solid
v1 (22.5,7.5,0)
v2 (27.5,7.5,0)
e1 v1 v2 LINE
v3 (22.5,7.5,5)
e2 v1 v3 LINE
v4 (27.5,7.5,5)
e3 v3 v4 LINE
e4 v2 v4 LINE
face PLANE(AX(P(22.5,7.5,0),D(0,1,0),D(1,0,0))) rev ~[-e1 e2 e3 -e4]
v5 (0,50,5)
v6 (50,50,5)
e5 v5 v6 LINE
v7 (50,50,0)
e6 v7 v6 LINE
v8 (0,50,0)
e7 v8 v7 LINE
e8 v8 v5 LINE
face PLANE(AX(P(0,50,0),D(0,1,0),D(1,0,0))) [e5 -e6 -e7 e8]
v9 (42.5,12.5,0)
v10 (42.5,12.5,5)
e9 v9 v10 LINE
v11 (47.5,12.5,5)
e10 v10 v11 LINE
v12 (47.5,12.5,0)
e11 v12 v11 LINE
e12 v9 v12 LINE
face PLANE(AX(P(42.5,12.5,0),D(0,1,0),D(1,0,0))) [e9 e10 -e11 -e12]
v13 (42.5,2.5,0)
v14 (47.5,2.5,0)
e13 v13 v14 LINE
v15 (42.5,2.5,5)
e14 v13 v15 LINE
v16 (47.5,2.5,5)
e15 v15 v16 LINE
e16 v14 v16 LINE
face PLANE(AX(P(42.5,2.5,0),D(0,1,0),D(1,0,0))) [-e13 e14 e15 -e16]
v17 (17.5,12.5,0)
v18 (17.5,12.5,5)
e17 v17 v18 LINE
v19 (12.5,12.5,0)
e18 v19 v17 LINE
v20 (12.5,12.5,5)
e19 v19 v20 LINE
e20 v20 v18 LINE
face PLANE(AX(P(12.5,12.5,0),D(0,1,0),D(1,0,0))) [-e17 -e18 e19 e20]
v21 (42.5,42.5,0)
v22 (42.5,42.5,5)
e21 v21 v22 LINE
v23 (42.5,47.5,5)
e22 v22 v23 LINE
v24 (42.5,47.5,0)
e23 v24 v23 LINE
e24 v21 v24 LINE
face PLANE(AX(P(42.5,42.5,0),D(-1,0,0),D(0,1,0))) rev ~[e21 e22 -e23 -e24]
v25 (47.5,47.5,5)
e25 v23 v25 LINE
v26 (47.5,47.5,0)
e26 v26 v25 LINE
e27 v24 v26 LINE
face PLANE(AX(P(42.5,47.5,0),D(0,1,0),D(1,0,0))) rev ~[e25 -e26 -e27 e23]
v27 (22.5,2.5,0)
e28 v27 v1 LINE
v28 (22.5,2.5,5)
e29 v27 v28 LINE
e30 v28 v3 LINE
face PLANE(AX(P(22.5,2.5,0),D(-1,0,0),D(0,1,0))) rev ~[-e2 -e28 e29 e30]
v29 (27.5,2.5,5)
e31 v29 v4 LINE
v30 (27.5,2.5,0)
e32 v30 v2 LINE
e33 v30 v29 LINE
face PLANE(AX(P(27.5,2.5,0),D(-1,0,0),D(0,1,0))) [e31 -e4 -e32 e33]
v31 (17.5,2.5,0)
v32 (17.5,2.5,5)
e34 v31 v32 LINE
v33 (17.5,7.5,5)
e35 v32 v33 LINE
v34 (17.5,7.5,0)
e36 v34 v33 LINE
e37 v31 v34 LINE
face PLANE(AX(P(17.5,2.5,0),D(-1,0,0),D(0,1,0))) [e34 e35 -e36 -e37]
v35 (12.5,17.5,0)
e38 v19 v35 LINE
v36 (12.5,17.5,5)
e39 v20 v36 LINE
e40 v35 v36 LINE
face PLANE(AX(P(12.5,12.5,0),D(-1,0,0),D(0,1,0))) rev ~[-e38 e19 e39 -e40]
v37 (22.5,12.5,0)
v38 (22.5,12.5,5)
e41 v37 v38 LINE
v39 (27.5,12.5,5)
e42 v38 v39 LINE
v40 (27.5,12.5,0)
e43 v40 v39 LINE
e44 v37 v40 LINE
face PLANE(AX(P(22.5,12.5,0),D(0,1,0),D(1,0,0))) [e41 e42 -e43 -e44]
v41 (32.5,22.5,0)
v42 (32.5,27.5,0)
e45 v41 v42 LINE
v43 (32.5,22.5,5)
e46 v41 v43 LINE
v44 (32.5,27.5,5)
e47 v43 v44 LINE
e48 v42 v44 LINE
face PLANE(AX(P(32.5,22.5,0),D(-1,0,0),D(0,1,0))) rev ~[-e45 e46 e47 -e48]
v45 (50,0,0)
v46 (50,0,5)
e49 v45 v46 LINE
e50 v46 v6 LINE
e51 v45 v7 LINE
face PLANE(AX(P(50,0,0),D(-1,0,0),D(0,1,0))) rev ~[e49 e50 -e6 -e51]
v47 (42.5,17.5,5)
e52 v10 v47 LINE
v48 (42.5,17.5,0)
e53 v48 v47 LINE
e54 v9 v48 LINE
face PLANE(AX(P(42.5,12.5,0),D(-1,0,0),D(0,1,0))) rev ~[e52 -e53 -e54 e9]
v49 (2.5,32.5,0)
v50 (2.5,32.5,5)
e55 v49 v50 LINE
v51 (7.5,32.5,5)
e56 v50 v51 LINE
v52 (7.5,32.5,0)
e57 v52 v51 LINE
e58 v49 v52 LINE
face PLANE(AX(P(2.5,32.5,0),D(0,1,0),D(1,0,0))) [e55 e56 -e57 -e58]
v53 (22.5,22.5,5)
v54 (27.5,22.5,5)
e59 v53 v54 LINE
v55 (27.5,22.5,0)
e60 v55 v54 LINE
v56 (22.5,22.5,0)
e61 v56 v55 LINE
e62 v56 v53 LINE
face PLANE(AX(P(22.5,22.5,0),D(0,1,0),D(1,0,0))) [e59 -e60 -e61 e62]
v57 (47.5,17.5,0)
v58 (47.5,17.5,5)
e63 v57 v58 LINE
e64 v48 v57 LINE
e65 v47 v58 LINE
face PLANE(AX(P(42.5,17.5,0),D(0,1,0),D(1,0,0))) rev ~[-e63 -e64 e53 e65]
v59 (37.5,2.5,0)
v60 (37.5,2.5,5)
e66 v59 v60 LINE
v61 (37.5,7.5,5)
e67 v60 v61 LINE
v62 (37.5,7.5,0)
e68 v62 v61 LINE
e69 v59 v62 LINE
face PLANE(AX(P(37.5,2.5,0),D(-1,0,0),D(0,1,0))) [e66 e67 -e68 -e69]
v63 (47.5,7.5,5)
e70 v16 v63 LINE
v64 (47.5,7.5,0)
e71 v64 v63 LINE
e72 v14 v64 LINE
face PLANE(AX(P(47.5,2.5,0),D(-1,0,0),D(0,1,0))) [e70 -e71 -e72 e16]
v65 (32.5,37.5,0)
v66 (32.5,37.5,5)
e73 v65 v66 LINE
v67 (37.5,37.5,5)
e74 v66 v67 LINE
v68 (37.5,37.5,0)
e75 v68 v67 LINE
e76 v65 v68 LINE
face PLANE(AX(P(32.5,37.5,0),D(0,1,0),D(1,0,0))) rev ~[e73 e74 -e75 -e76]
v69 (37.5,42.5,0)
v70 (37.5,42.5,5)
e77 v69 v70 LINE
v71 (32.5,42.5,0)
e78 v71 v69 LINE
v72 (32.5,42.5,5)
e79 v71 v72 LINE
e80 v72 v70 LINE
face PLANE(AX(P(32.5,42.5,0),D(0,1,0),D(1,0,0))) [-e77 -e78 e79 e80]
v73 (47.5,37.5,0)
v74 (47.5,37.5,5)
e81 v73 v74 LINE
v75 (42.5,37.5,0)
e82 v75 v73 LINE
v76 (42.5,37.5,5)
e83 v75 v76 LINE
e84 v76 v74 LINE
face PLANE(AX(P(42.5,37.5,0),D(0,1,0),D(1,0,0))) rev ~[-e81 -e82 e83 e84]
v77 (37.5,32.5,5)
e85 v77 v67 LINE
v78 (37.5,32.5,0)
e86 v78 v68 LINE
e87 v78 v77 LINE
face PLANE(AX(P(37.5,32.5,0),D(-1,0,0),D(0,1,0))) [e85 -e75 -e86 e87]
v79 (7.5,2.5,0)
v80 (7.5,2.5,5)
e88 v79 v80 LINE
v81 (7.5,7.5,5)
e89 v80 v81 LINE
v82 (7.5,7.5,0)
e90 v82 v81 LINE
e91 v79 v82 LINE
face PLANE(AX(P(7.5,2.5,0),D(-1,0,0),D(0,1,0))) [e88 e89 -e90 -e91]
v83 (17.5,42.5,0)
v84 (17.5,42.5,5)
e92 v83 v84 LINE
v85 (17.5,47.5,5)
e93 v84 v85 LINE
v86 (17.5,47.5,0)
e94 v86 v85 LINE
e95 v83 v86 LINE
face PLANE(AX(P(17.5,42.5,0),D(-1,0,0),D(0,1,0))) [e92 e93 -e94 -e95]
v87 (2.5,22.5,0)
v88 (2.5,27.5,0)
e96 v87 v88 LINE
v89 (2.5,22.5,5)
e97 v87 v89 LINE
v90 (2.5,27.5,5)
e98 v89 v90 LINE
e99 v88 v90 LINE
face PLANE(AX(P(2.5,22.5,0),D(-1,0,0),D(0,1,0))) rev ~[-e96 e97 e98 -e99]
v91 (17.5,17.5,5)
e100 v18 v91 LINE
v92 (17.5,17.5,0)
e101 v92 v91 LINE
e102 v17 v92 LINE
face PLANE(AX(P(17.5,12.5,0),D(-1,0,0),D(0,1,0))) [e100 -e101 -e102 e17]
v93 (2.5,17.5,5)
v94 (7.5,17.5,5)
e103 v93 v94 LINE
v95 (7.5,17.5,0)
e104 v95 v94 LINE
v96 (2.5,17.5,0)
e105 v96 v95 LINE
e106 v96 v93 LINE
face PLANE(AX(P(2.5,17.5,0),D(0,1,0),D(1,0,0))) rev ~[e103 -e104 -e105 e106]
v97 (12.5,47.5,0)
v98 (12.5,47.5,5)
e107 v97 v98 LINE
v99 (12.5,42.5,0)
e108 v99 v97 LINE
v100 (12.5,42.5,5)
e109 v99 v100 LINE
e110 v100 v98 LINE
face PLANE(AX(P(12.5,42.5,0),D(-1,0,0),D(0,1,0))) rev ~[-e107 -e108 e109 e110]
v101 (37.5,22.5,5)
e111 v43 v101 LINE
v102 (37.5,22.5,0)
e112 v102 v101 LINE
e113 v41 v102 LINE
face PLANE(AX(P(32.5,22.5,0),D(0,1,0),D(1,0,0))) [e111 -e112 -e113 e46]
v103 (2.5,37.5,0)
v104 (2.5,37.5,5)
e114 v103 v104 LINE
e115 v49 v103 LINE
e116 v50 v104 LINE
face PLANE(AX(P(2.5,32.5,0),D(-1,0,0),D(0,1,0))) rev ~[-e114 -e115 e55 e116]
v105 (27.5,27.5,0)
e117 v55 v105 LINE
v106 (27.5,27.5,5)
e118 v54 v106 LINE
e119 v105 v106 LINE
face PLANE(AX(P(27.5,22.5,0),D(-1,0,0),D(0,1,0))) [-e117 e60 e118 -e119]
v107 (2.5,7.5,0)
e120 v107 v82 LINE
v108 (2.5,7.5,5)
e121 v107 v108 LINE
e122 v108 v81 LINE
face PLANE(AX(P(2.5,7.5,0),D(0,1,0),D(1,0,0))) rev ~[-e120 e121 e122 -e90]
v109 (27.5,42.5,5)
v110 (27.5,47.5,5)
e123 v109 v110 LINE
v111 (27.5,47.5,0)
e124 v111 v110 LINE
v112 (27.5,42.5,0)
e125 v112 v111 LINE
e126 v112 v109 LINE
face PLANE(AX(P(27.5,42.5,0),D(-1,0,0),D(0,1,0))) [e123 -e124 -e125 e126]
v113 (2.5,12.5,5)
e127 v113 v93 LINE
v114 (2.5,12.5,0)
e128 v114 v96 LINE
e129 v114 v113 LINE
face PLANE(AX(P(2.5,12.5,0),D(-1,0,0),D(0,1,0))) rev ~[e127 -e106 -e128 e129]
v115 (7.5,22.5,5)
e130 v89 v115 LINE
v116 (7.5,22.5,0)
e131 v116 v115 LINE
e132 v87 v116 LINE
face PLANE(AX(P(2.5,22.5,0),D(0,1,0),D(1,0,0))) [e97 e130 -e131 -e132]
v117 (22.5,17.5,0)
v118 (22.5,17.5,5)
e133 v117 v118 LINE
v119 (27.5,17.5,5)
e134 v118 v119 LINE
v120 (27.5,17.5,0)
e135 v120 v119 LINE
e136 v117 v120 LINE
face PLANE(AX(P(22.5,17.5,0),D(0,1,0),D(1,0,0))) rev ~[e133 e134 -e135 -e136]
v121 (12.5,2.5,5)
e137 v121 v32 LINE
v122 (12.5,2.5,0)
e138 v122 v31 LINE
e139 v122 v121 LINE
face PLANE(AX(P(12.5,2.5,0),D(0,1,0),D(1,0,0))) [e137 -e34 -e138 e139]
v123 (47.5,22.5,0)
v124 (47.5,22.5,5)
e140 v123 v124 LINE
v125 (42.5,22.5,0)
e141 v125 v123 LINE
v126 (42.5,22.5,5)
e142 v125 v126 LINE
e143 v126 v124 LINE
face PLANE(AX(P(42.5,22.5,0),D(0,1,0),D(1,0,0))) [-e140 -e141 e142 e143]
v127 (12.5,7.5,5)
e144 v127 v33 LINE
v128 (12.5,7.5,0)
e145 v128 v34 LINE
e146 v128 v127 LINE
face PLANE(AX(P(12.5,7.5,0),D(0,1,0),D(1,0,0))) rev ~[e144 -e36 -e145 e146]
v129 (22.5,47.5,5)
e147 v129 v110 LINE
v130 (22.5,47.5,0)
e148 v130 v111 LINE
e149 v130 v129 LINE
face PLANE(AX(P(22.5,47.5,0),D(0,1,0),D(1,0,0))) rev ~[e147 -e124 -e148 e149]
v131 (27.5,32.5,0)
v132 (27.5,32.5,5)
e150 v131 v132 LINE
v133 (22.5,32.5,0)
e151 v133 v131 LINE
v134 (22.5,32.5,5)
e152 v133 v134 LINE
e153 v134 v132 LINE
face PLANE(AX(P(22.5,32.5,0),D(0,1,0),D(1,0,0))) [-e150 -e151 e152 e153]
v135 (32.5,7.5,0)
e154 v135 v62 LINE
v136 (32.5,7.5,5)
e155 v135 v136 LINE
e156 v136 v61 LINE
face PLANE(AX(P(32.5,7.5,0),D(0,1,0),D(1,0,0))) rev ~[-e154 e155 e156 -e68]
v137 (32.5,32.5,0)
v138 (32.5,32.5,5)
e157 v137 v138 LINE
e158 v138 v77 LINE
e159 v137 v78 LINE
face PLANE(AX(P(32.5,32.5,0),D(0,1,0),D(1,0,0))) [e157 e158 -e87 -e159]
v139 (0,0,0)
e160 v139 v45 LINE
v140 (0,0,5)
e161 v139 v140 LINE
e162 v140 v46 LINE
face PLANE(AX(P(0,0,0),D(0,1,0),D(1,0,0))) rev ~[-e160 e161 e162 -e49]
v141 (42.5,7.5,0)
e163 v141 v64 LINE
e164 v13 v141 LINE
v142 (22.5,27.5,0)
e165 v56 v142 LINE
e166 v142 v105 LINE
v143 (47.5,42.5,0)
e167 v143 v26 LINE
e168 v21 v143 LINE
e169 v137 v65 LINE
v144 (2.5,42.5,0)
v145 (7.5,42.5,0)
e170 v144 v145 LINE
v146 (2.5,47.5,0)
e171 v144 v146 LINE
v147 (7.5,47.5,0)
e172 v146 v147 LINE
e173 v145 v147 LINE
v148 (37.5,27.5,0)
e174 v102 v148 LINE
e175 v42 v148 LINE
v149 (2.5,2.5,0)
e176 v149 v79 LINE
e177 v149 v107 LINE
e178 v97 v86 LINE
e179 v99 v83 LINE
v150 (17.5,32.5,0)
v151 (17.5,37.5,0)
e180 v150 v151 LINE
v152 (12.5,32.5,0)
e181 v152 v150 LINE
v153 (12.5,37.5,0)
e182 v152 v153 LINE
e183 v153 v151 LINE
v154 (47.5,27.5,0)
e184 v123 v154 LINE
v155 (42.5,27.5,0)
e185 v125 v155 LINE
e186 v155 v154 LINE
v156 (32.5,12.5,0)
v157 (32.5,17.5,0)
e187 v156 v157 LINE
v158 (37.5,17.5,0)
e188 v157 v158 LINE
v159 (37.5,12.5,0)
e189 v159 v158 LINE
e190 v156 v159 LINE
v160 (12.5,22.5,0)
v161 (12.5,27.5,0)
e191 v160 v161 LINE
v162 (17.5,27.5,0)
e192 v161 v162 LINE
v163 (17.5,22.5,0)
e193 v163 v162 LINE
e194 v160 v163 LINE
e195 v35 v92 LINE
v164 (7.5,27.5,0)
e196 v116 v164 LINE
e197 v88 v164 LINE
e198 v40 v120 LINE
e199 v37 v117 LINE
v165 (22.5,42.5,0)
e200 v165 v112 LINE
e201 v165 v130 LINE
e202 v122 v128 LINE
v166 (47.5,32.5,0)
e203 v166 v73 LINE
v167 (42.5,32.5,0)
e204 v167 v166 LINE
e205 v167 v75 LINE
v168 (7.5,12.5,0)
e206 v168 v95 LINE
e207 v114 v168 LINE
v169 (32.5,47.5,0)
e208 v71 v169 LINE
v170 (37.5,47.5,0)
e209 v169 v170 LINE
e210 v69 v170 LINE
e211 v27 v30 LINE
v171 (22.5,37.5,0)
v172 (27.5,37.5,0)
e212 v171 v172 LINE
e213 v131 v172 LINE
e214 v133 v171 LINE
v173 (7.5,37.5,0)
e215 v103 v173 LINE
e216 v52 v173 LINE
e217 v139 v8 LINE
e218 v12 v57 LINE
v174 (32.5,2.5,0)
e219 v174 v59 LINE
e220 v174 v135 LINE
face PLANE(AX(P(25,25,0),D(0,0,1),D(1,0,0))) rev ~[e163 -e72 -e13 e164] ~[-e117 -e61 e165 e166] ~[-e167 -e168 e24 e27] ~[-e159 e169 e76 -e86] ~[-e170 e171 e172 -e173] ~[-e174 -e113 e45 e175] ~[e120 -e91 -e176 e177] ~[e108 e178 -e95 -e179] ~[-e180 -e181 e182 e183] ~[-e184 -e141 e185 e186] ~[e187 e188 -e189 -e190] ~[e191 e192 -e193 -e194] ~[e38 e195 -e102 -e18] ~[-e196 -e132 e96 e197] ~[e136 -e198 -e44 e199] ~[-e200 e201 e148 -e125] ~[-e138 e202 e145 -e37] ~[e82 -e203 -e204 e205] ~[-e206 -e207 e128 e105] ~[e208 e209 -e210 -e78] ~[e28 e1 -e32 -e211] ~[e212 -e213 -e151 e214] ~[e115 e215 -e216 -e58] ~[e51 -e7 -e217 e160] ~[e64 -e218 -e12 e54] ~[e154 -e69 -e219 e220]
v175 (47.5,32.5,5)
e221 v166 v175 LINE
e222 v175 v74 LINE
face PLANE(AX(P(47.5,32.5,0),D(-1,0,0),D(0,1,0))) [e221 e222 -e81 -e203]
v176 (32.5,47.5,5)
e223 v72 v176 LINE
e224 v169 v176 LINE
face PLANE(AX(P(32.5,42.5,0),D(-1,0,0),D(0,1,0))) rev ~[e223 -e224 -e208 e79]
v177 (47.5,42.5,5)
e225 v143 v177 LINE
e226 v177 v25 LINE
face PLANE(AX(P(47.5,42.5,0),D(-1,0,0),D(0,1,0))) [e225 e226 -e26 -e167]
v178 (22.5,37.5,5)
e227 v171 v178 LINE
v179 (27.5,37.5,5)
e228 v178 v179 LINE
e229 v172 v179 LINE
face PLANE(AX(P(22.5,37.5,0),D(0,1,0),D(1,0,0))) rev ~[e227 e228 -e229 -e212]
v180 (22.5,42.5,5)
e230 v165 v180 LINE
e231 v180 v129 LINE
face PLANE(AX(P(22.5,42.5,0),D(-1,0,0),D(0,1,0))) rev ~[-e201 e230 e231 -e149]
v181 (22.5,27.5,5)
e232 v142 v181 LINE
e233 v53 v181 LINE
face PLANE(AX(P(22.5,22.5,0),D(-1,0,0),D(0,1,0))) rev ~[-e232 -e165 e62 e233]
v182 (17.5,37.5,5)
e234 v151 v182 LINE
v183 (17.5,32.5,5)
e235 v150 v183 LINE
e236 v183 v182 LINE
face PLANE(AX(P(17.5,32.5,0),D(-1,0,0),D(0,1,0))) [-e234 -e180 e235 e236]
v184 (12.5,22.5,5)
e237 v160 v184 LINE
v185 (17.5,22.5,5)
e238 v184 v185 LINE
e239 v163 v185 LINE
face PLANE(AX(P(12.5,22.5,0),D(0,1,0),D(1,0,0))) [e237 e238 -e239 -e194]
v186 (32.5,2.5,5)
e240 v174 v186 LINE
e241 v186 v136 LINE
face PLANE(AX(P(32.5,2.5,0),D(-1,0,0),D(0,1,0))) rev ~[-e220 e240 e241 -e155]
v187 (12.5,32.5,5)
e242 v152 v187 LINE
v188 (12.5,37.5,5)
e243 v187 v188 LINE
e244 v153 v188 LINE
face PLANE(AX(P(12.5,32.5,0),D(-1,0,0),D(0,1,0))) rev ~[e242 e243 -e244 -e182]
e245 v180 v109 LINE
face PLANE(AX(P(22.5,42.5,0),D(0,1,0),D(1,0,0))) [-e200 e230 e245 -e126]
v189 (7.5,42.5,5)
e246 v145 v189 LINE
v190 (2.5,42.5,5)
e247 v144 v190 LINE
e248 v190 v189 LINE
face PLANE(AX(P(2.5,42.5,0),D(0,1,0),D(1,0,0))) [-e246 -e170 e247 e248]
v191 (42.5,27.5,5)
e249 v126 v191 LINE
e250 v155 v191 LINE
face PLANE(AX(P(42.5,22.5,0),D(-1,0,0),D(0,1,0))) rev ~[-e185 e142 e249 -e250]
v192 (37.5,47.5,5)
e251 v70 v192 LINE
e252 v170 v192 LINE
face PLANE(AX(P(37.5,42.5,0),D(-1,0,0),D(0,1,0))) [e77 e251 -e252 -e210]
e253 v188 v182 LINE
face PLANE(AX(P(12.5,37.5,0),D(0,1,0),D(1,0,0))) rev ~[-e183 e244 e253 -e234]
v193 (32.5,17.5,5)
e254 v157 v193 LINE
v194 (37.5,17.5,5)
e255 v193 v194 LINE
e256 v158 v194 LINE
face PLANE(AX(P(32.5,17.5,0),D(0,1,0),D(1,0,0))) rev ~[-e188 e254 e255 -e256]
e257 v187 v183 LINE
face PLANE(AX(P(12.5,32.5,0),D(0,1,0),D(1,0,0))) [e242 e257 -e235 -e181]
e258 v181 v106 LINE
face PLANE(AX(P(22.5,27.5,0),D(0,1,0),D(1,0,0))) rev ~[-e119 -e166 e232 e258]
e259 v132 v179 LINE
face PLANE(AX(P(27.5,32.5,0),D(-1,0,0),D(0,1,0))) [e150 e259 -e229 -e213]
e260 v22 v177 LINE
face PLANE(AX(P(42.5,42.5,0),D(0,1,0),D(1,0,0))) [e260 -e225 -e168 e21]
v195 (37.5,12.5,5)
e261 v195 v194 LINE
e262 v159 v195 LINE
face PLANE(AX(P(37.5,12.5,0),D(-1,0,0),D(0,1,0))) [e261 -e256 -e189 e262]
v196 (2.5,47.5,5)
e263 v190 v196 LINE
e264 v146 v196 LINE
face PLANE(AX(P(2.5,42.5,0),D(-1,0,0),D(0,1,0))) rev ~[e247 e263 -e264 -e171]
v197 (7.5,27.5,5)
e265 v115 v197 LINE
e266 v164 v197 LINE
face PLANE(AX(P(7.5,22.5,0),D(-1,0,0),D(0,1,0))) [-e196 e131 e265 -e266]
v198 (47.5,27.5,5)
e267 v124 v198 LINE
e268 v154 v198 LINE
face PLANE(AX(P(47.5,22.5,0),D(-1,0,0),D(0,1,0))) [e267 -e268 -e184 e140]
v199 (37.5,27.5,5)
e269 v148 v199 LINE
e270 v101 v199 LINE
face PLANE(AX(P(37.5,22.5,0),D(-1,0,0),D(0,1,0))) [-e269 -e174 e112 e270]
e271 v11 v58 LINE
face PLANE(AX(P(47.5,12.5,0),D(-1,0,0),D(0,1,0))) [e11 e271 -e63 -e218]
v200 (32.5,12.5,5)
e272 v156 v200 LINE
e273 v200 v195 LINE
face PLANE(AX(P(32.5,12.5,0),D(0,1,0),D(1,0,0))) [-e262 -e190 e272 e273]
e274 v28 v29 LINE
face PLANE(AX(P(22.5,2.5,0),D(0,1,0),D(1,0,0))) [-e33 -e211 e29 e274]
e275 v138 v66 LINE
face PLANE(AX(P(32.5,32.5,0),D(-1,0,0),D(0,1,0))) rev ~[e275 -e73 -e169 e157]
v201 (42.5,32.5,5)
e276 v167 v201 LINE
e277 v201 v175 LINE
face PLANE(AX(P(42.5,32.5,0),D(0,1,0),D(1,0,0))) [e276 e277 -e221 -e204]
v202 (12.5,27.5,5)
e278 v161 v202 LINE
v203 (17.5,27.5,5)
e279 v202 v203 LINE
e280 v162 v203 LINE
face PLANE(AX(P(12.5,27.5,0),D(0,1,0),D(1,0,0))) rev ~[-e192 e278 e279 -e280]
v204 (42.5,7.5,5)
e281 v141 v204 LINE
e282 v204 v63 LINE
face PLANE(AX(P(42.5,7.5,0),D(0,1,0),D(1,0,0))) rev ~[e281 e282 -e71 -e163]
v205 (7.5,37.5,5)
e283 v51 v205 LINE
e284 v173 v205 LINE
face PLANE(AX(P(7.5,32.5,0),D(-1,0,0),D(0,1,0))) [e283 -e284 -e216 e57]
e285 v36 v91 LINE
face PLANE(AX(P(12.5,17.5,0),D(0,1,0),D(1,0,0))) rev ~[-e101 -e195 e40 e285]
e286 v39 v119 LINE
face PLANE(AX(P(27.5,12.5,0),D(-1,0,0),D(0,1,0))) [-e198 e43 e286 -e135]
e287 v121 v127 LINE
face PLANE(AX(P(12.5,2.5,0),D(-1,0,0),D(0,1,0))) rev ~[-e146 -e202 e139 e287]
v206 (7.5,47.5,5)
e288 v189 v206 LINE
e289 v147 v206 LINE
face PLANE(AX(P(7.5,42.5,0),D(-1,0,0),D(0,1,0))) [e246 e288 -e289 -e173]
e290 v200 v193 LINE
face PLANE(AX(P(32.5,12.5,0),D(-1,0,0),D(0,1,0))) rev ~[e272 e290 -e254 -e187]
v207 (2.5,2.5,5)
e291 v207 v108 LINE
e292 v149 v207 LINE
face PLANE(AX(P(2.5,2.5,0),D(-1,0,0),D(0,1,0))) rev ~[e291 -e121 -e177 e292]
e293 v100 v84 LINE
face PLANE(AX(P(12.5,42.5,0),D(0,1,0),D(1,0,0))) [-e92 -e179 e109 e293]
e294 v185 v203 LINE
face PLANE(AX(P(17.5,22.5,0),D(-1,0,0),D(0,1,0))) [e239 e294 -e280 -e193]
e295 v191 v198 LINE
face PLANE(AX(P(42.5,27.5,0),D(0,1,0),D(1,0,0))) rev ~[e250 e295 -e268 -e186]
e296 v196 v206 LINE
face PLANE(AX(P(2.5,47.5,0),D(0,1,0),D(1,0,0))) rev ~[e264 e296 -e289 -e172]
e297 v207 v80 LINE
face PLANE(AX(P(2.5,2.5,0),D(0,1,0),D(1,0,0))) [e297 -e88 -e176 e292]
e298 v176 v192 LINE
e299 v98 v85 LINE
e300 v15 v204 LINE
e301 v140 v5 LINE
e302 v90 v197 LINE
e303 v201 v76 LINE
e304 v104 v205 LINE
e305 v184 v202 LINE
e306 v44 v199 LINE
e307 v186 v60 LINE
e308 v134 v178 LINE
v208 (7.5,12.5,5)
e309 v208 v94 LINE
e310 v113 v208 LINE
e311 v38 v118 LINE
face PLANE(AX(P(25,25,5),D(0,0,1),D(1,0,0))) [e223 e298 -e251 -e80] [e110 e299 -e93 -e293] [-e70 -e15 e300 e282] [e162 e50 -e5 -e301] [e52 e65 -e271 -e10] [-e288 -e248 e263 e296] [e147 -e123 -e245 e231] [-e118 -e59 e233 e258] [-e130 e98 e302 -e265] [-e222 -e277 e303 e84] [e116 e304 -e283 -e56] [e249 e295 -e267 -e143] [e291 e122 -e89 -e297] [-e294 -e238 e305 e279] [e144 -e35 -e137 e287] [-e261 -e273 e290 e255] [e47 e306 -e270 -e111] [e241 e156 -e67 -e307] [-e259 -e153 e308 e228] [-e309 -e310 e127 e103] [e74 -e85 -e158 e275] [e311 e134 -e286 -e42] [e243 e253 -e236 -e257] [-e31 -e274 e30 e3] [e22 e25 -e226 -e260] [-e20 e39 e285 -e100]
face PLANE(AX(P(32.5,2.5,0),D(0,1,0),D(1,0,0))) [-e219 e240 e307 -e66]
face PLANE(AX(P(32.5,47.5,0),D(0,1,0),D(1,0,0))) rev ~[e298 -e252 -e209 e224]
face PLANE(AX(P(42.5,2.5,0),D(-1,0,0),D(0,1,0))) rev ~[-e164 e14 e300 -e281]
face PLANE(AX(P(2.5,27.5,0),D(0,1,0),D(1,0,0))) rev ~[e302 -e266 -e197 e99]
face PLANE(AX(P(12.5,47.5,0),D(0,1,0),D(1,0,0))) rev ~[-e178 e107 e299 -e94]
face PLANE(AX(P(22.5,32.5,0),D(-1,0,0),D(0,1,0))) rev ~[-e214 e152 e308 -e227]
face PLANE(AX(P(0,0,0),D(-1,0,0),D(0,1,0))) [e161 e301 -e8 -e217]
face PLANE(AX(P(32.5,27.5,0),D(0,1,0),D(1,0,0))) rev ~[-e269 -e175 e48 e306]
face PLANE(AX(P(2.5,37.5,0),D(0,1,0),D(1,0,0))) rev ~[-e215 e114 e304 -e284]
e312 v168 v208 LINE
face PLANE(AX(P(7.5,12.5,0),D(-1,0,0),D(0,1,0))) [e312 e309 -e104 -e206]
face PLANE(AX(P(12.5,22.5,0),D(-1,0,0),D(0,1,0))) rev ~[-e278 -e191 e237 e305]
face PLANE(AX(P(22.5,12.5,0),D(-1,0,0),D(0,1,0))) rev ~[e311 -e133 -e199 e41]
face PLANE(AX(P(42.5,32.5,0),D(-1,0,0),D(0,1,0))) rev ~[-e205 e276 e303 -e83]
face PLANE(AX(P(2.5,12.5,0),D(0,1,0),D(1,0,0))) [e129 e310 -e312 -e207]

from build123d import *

# Parameters (mm, degrees)
BOX001_W      = 5
BOX001_H      = 5
BOX001_DEPTH  = 5
ARRAY_X_COUNT = 5
ARRAY_X_PITCH = 10
ARRAY_Y_COUNT = 5
ARRAY_Y_PITCH = 10
BOX_W         = 50
BOX_H         = 50
BOX_DEPTH     = 5


with BuildPart() as array:
    # Box001 → Box001 (new body)
    with BuildSketch(Plane.XY):
        with Locations((2.5, 2.5)):
            Rectangle(BOX001_W, BOX001_H)
    extrude(amount=BOX001_DEPTH)

    # Array X: Array ×5


with BuildPart() as array_1:
    add(array.part)
    with Locations(*[(i * ARRAY_X_PITCH, 0, 0) for i in range(1, ARRAY_X_COUNT)]):
        add(array.part)

    # Array Y: Array ×5


with BuildPart() as array_2:
    add(array_1.part)
    with Locations(*[(0, i * ARRAY_Y_PITCH, 0) for i in range(1, ARRAY_Y_COUNT)]):
        add(array_1.part)


with BuildPart() as array_3:
    # Array placement: moved
    add(array_2.part.moved(Location((2.5, 2.5, 0))))


with BuildPart() as cut:
    # Box → Box (new body)
    with BuildSketch(Plane.XY):
        with Locations((25, 25)):
            Rectangle(BOX_W, BOX_H)
    extrude(amount=BOX_DEPTH)

    # Cut: cut Array
    add(array_3.part, mode=Mode.SUBTRACT)


solid = cut.part
